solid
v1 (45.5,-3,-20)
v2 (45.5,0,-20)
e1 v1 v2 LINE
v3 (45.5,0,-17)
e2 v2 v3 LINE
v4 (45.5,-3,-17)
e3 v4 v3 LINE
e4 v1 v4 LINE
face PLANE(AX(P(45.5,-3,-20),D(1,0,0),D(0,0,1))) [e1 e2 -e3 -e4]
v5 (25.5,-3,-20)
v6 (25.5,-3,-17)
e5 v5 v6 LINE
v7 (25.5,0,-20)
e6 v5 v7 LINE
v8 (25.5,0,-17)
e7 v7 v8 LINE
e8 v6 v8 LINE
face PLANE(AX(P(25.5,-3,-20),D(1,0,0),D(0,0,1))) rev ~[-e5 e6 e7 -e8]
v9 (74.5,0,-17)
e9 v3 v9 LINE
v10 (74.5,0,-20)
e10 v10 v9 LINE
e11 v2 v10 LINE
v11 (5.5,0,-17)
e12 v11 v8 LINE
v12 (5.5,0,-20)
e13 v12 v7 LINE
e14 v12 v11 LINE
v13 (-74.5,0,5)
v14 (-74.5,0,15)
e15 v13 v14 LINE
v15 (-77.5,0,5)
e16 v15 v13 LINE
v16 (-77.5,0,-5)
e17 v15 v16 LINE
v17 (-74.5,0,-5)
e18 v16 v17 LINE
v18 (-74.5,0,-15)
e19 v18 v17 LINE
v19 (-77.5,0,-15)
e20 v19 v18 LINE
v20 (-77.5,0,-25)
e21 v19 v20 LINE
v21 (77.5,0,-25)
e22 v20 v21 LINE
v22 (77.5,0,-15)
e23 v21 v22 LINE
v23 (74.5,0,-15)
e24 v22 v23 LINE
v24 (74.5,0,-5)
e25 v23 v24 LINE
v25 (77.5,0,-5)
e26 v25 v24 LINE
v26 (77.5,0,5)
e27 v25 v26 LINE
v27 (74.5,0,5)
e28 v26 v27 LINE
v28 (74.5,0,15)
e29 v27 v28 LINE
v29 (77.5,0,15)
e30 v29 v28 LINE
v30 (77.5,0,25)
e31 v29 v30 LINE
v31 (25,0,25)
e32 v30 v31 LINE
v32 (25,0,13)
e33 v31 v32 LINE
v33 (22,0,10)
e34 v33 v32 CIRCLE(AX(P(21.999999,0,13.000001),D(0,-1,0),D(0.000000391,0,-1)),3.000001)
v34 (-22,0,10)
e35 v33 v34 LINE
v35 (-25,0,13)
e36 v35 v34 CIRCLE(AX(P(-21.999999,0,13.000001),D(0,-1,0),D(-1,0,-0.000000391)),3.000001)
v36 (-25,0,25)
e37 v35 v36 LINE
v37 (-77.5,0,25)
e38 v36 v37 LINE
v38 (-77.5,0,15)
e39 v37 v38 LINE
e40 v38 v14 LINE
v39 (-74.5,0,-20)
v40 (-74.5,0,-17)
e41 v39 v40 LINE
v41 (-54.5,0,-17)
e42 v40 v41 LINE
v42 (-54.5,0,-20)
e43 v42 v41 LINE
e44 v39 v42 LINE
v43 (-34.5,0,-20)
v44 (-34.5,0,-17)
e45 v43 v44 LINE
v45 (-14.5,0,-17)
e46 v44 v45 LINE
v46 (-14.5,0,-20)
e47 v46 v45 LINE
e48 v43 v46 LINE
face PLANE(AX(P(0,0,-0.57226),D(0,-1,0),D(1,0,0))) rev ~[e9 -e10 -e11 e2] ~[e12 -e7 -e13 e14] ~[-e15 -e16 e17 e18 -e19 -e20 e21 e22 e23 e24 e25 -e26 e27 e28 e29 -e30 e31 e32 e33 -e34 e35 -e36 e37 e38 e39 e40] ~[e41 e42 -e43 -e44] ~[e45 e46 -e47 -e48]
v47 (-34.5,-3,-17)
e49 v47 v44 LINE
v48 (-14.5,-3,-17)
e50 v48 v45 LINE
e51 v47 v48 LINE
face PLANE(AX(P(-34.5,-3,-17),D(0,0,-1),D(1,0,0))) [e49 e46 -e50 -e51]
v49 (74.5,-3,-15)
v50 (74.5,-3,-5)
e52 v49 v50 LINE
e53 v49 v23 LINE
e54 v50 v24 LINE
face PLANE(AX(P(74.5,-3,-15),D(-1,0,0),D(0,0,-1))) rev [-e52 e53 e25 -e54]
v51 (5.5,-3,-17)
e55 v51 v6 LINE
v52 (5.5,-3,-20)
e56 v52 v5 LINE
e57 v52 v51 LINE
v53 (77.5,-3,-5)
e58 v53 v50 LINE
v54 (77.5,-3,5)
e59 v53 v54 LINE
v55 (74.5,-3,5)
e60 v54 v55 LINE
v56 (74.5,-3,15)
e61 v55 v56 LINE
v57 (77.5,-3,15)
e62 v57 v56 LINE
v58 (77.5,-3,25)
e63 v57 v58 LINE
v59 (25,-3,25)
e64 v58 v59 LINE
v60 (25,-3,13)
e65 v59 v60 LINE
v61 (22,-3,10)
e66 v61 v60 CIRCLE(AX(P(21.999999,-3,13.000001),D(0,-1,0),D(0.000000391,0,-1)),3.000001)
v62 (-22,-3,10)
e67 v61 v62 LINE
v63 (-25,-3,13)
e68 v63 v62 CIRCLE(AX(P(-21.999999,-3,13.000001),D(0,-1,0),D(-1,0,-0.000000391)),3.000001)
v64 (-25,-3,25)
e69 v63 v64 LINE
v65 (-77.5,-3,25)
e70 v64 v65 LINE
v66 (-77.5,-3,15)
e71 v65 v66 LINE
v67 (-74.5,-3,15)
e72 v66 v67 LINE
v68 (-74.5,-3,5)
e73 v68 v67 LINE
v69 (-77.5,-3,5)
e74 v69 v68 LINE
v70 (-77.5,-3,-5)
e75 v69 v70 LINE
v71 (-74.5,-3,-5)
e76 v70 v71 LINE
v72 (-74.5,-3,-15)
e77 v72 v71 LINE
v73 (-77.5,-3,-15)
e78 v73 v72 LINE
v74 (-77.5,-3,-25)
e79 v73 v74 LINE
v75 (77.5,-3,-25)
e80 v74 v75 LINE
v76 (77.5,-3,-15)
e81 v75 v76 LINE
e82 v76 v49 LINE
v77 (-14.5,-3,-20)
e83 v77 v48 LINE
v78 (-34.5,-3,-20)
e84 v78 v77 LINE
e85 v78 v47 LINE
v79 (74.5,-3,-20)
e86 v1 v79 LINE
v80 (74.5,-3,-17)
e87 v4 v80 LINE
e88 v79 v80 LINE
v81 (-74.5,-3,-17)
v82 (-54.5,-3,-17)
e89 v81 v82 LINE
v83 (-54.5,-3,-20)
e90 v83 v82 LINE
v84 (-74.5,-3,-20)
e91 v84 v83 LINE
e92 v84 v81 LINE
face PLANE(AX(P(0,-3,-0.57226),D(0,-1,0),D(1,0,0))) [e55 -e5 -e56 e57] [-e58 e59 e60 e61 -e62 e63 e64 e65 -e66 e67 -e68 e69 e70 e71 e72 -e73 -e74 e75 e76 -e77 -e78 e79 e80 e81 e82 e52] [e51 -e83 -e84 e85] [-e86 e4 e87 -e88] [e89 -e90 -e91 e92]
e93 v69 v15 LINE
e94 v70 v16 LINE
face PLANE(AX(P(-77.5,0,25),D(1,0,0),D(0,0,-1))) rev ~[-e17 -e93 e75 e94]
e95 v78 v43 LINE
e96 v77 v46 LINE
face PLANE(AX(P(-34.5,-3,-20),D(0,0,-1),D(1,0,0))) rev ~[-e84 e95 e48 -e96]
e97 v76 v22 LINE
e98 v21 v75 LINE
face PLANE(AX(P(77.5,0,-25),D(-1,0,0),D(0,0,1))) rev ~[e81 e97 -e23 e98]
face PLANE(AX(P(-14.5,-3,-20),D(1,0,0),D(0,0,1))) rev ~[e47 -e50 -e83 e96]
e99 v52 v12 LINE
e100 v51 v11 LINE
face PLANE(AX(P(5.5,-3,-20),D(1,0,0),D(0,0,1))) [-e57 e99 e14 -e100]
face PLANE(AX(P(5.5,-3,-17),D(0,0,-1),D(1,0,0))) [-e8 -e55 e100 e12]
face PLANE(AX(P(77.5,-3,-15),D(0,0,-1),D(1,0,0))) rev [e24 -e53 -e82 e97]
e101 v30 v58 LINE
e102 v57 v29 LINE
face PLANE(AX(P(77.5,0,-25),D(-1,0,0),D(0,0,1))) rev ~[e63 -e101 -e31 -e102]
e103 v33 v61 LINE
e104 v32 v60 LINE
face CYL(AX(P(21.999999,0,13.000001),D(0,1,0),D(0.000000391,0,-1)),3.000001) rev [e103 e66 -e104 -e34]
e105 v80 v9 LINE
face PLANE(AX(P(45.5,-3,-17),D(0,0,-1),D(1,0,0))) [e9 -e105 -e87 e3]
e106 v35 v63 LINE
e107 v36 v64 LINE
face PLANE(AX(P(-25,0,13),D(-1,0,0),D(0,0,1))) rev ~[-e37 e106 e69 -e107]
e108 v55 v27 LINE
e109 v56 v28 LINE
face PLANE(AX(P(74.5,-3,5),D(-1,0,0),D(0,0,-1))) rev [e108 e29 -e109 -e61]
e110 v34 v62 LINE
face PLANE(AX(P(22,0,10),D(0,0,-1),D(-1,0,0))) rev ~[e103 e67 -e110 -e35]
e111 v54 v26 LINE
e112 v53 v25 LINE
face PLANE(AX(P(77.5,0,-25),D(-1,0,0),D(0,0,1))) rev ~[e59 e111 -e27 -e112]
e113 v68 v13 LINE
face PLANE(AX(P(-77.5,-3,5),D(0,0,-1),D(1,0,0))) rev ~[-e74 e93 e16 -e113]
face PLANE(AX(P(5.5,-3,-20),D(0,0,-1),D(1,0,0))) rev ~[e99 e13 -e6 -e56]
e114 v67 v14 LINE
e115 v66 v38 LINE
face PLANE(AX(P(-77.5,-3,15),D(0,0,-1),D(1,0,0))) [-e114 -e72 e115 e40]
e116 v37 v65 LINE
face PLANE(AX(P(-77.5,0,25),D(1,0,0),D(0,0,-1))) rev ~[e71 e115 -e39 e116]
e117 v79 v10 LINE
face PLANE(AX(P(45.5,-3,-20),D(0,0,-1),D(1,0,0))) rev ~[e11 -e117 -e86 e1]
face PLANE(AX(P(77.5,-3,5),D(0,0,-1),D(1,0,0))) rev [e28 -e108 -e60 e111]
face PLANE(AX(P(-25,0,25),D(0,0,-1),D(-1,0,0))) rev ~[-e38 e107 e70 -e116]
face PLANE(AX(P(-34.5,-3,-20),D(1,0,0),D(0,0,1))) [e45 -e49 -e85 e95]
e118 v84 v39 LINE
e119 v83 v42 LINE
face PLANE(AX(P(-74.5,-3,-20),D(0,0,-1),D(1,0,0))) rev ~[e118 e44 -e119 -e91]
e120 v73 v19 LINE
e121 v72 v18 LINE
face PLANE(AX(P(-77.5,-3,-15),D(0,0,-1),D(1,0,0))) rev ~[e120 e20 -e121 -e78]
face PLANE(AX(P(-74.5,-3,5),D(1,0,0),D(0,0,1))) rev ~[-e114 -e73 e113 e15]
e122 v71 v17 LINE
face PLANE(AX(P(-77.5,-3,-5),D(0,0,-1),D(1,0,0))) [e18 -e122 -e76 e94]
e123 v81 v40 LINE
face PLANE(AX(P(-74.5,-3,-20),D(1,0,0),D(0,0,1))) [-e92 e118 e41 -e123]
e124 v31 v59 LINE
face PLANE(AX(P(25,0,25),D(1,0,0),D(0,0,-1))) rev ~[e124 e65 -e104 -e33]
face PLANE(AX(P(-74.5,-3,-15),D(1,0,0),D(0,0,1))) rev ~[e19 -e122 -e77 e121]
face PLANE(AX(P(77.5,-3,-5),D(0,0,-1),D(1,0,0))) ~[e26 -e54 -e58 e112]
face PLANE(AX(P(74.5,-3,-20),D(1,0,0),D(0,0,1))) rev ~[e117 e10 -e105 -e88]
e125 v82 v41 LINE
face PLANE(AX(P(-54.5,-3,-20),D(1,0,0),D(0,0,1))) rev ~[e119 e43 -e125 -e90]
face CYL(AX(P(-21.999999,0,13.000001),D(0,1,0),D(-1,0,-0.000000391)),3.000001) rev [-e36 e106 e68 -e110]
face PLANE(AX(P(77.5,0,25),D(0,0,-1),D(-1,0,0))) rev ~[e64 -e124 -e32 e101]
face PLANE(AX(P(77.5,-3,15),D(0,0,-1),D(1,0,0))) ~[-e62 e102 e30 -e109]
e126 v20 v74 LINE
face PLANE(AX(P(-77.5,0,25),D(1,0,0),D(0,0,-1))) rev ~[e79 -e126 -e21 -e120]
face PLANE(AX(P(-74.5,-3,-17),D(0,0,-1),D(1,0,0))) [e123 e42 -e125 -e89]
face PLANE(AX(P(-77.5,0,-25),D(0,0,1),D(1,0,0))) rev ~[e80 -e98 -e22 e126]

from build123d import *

# Parameters (mm, degrees)
PAD_DEPTH       = 3
SKETCH001_W     = 20
SKETCH001_H     = 3
SKETCH001_W_2   = 29
POCKET_DEPTH    = 3.001
SKETCH002_W     = 3
SKETCH002_H     = 10
POCKET001_DEPTH = 328.786205


with BuildPart() as part:
    # Sketch → Pad (new body)
    with BuildSketch(Plane.XZ):
        with BuildLine():
            Line((-77.5, -25), (77.5, -25))
            Line((77.5, -25), (77.5, 25))
            Line((77.5, 25), (25, 25))
            Line((25, 25), (25, 13))
            ThreePointArc((22, 10), (24.12132, 10.87868), (25, 13))
            Line((22, 10), (-22, 10))
            ThreePointArc((-25, 13), (-24.12132, 10.87868), (-22, 10))
            Line((-25, 13), (-25, 25))
            Line((-25, 25), (-77.5, 25))
            Line((-77.5, 25), (-77.5, -25))
        make_face()
    extrude(amount=PAD_DEPTH)

    # Sketch001 (on Face12 of Pad) → Pocket (cut, through all)
    with BuildSketch(Plane.XZ.offset(3)):
        with Locations((-64.5, -18.5)):
            Rectangle(SKETCH001_W, SKETCH001_H)
        with Locations((-24.5, -18.5)):
            Rectangle(SKETCH001_W, SKETCH001_H)
        with Locations((15.5, -18.5)):
            Rectangle(SKETCH001_W, SKETCH001_H)
        with Locations((60, -18.5)):
            Rectangle(SKETCH001_W_2, SKETCH001_H)
    extrude(amount=-POCKET_DEPTH, mode=Mode.SUBTRACT)

    # Sketch002 (on Face5 of Pocket) → Pocket001 (cut, through all)
    with BuildSketch(Plane.XZ.offset(3)):
        with Locations((-76, 10)):
            Rectangle(SKETCH002_W, SKETCH002_H)
        with Locations((-76, -10)):
            Rectangle(SKETCH002_W, SKETCH002_H)
    pocket001 = extrude(amount=-POCKET001_DEPTH, mode=Mode.SUBTRACT)

    # Mirrored: Pocket001 across Sketch002 V_Axis
    add(pocket001.mirror(Plane(origin=(0, -3, 0), x_dir=(0, -1, 0), z_dir=(1, 0, 0))), mode=Mode.SUBTRACT)


solid = part.part
